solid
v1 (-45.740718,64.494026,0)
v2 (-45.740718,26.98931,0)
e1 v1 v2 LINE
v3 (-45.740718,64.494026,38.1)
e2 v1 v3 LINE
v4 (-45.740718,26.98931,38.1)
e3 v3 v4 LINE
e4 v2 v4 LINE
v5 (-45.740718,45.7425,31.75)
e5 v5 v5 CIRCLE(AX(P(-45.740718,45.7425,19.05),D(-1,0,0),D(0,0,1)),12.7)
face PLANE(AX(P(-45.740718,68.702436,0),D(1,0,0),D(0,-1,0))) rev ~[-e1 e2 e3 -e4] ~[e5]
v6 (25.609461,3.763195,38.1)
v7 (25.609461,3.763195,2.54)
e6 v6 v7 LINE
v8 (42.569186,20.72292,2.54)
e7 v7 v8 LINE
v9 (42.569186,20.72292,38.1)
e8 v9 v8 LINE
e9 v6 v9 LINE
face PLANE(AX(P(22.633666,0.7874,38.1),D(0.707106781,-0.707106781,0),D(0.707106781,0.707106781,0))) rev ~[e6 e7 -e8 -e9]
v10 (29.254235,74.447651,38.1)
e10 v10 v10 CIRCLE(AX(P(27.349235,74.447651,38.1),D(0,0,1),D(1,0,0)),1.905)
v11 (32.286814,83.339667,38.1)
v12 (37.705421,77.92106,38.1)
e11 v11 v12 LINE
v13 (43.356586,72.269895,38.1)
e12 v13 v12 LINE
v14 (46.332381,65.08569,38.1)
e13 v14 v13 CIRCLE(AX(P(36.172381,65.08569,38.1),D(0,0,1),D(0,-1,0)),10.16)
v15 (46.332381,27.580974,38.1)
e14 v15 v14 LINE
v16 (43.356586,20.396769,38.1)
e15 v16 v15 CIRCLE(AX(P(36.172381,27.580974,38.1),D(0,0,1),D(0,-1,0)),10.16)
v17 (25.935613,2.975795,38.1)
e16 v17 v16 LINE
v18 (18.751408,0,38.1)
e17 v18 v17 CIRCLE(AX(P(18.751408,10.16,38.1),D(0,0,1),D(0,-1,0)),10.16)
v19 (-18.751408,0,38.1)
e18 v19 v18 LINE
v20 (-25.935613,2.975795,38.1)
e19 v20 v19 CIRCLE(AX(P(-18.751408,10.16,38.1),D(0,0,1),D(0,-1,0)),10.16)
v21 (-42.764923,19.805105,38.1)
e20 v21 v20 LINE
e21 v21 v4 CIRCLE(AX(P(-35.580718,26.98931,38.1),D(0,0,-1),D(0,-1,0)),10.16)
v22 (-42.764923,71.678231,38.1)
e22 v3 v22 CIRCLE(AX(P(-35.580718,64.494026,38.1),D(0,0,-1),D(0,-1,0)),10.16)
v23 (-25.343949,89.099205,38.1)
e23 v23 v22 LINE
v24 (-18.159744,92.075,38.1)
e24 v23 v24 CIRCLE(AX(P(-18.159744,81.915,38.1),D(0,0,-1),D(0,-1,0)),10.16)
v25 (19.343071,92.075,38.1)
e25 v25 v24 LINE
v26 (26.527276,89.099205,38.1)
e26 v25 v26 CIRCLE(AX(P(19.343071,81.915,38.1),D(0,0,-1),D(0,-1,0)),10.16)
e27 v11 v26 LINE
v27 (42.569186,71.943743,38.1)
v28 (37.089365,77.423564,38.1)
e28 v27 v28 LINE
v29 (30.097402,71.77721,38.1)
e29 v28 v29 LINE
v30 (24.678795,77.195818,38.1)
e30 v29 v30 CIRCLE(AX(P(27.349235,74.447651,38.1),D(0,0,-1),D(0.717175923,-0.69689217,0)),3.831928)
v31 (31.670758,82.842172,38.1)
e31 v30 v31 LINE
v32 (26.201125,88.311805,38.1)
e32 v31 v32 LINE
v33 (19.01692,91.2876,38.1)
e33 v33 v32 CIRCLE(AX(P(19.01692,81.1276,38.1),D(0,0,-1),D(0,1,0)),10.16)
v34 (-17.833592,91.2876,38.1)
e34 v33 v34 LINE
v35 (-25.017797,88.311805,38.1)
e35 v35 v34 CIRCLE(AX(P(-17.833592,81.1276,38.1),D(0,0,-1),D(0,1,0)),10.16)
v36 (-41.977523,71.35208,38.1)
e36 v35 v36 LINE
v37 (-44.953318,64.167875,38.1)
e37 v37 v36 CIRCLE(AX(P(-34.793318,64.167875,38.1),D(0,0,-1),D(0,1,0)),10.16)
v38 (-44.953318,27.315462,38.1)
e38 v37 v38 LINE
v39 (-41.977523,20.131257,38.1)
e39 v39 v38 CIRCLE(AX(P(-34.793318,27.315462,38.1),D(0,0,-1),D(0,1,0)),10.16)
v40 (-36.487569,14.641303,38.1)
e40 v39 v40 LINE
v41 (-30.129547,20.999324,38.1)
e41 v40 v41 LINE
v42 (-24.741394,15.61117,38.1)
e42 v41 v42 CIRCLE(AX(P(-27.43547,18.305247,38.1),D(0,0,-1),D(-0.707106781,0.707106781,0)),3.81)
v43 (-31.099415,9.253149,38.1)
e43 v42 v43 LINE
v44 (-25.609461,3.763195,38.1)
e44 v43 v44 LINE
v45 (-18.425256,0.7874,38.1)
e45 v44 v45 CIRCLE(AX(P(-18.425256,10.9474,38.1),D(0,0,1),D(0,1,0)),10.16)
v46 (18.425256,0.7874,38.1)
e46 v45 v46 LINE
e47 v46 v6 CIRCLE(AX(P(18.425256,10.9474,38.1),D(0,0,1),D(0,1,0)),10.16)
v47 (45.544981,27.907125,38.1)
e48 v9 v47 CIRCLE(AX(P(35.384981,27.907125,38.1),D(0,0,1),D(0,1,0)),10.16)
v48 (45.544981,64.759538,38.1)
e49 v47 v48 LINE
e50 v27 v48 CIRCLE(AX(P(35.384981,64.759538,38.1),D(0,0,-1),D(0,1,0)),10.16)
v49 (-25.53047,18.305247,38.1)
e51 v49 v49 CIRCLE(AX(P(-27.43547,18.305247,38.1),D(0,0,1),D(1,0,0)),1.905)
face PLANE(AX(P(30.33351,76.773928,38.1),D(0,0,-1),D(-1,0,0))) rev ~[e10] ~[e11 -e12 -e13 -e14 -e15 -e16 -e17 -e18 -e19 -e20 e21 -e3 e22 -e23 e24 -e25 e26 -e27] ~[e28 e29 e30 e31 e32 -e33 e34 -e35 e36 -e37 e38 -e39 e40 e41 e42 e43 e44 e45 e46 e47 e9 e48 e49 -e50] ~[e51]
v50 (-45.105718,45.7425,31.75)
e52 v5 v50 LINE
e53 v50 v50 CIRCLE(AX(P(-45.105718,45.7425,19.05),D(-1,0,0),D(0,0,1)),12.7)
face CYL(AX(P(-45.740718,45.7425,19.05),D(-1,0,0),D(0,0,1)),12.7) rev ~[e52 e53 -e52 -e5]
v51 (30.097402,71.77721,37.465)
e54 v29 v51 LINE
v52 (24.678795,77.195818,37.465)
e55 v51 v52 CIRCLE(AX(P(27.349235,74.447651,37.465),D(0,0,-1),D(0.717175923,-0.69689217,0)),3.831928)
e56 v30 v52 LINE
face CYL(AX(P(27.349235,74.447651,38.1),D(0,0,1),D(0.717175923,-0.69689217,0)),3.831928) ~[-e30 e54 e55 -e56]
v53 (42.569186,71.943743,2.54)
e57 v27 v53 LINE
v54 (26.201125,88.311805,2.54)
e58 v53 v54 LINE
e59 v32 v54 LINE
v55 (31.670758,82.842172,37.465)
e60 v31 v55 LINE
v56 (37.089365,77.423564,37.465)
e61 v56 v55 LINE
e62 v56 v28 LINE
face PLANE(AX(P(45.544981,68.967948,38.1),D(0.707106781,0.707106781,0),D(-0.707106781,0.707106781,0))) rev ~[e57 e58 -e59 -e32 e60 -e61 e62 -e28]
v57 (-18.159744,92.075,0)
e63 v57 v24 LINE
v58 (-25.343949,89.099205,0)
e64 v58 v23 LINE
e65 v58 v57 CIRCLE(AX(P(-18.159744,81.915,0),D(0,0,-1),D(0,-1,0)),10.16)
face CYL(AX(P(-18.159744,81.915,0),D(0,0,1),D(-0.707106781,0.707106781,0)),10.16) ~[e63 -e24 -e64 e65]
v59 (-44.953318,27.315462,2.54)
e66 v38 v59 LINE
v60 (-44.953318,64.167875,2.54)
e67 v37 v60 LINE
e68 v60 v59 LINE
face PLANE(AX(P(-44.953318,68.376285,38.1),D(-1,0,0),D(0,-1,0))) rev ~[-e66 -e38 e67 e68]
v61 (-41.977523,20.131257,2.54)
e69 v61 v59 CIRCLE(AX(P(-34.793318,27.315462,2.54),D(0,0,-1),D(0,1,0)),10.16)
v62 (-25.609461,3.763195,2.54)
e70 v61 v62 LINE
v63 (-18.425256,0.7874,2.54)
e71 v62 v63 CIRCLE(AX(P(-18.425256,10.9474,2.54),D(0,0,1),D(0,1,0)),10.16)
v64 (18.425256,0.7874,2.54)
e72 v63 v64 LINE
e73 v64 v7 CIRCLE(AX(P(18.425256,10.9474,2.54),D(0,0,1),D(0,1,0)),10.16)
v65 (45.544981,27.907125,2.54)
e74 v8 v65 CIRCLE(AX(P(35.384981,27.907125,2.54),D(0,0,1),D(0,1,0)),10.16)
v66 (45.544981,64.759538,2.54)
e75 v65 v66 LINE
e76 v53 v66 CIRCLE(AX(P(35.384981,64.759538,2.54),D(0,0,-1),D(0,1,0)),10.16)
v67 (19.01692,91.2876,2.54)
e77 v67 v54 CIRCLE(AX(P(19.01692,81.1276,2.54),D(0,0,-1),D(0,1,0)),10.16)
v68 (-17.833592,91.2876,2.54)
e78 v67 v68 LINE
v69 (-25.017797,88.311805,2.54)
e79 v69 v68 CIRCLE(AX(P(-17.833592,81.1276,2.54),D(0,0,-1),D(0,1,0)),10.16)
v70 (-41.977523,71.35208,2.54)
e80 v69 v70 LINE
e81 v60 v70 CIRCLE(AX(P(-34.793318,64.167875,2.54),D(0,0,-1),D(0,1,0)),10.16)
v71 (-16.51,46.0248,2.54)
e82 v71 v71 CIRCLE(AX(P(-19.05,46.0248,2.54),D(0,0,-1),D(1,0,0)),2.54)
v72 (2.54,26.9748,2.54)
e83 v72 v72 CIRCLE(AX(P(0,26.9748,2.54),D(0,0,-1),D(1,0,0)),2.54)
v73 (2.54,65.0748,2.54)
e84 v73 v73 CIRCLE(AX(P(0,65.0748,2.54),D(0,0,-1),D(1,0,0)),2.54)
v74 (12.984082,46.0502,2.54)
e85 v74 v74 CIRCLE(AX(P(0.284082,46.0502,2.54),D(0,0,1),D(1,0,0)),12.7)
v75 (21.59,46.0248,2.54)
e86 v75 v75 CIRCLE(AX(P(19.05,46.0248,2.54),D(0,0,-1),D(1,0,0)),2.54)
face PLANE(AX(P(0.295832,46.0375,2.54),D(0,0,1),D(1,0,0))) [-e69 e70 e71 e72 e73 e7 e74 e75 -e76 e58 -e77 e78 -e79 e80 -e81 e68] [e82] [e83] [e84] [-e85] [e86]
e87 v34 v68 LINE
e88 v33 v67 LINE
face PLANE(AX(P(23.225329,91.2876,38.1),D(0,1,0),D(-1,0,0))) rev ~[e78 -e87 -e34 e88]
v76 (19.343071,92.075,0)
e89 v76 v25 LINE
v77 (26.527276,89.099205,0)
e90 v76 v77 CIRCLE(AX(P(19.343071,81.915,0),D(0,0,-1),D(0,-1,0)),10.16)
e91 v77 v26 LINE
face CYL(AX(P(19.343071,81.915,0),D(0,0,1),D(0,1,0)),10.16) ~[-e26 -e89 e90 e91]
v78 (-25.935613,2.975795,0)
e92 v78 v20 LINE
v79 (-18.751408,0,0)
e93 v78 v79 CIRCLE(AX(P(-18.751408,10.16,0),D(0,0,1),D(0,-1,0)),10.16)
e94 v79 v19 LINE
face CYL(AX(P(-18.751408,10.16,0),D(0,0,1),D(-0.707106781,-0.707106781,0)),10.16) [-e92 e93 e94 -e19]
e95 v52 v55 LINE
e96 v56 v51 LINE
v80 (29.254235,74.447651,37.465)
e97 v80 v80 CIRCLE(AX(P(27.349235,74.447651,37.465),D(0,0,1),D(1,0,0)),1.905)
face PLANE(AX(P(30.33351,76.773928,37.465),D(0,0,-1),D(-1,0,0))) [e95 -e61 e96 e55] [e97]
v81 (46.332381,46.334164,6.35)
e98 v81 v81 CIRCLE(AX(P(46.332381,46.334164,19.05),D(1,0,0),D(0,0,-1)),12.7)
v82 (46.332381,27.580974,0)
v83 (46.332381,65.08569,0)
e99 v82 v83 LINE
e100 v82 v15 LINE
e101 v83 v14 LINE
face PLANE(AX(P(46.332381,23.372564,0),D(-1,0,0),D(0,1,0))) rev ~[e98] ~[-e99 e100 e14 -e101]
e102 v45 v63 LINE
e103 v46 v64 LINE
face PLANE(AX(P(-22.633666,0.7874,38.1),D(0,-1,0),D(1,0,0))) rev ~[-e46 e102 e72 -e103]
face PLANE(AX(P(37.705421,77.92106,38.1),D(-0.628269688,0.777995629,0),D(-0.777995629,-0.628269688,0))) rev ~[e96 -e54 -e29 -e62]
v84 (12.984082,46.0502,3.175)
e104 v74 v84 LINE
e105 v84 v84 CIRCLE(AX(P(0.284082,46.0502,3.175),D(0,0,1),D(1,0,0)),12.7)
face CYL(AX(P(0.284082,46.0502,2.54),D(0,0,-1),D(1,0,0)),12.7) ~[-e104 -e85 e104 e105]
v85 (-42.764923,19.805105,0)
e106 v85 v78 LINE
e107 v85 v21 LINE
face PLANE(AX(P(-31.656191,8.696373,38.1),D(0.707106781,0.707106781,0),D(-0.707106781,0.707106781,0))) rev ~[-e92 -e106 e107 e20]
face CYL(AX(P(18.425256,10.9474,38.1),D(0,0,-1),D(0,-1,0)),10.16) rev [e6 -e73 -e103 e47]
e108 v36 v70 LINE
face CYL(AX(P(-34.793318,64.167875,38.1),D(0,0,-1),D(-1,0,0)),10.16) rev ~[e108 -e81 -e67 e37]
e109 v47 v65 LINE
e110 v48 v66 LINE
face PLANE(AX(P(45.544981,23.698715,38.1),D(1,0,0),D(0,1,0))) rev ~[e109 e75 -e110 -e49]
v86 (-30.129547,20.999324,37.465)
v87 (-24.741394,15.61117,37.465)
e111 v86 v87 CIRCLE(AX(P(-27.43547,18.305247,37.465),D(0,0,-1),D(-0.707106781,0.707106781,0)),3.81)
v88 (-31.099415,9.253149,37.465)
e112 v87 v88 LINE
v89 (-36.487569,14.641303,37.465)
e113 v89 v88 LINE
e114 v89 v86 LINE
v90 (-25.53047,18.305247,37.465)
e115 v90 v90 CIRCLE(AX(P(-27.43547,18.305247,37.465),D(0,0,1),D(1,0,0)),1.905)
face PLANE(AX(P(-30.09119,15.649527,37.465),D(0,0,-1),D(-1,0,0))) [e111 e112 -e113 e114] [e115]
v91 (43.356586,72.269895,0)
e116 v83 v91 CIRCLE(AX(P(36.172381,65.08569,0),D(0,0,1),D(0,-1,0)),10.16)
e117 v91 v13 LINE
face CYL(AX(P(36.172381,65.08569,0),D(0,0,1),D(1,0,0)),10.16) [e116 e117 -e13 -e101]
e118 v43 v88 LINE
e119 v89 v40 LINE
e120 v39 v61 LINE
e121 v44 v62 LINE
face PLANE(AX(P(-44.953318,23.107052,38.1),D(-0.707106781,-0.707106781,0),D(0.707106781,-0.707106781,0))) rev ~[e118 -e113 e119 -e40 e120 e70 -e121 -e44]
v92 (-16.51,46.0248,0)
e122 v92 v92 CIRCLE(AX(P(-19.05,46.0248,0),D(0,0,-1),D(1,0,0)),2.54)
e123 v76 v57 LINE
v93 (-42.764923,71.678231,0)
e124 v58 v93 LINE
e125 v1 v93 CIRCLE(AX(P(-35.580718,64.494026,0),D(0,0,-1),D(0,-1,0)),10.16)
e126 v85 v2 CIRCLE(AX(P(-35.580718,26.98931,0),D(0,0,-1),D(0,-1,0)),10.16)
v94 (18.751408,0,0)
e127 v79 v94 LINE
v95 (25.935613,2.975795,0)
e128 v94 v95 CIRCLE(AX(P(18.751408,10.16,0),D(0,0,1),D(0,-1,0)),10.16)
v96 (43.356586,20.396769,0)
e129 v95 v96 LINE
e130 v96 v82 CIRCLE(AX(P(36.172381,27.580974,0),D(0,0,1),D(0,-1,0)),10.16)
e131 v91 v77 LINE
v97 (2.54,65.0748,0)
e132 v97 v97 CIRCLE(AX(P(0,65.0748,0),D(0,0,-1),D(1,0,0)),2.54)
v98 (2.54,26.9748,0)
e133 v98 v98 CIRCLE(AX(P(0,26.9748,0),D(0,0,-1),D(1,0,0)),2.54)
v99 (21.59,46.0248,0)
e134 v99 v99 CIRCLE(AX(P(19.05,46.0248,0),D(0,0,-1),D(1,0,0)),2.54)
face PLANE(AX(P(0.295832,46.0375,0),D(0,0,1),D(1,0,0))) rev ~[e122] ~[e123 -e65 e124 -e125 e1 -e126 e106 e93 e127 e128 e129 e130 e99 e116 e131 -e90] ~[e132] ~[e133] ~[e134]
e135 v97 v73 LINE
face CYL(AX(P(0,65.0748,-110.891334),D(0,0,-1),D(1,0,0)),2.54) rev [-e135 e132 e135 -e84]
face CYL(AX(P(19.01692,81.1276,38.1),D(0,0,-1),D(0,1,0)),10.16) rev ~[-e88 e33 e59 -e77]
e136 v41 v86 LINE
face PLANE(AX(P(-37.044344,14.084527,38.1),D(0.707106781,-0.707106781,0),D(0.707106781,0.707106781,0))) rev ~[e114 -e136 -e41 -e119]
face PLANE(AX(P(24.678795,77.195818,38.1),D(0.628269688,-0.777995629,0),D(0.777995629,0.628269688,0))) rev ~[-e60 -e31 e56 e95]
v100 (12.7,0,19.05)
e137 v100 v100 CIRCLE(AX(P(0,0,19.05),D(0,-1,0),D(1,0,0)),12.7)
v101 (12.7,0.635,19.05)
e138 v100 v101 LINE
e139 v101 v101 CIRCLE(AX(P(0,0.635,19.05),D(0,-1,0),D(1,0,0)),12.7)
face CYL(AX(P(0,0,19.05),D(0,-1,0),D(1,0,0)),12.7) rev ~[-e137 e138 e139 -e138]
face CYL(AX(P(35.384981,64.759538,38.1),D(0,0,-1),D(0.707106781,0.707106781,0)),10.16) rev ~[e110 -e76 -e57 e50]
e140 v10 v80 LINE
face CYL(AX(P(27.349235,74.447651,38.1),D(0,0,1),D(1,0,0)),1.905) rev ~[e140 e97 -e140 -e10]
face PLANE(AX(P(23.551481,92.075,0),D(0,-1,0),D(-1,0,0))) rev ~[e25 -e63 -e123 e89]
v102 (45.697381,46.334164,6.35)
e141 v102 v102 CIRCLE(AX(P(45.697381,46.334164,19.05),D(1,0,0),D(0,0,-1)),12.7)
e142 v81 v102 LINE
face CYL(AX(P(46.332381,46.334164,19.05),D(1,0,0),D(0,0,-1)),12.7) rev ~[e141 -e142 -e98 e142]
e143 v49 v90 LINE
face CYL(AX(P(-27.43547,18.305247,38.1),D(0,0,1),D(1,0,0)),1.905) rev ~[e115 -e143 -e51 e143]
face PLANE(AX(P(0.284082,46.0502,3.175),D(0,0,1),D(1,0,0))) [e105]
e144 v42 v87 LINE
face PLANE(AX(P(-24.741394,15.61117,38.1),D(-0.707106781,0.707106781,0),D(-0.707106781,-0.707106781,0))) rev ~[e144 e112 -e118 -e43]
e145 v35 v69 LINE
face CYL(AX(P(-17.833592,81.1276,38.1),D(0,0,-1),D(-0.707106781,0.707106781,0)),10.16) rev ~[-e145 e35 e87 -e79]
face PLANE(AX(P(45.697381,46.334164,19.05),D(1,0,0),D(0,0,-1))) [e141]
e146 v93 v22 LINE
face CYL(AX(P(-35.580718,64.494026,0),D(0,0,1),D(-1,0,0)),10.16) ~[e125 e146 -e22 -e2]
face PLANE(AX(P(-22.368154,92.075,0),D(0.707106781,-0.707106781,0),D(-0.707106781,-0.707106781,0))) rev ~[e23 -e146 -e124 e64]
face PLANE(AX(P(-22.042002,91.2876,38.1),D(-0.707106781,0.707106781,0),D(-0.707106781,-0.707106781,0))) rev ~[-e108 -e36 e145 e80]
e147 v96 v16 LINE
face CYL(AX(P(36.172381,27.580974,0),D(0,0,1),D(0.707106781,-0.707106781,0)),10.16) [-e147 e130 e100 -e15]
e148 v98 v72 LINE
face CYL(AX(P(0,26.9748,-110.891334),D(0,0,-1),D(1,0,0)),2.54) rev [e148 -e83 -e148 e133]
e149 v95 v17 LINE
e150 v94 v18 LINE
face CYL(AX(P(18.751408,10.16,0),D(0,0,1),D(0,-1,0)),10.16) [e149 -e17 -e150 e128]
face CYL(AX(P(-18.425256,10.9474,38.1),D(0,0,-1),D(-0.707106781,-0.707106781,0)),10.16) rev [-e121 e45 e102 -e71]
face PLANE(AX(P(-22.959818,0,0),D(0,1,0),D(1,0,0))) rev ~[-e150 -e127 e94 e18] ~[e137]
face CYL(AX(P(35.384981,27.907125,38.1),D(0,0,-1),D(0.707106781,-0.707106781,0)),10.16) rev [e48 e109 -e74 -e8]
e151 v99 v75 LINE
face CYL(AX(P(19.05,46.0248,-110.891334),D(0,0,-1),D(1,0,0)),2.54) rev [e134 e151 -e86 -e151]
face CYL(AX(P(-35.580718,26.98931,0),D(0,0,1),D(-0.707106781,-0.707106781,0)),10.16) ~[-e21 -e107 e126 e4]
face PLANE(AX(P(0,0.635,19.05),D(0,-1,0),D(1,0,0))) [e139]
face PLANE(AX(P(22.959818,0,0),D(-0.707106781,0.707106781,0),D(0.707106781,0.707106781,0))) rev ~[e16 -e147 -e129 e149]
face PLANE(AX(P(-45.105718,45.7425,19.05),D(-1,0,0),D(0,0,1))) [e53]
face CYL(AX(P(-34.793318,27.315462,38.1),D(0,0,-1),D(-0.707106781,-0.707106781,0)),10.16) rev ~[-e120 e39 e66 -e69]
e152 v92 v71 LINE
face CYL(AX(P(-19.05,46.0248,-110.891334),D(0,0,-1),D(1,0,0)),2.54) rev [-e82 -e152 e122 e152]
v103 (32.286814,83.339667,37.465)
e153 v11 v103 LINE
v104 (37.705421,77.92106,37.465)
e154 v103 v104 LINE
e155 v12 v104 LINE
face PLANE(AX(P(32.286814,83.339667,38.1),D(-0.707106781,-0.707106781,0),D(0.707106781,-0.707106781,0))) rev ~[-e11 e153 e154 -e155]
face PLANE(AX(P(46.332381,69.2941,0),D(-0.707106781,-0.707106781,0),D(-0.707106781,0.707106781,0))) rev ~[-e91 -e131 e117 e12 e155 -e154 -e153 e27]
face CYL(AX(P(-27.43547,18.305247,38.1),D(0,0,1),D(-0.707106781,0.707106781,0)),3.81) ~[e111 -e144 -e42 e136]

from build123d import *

# Parameters (mm, degrees)
BOSS_EXTRUDE1_DEPTH     = 38.1
CUT_EXTRUDE1_DEPTH      = 35.56
CUT_EXTRUDE9_DEPTH      = 110.891333521
CUT_EXTRUDE9_DEPTH_BACK = 110.891333521
SKETCH20_R              = 2.54
BOSS_EXTRUDE2_DEPTH     = 0.635
SKETCH9_R               = 1.905
CUT_EXTRUDE4_DEPTH      = 3.175
BOSS_EXTRUDE3_DEPTH     = 0.635
SKETCH12_R              = 1.905
CUT_EXTRUDE5_DEPTH      = 0.635
SKETCH13_R              = 12.7
BOSS_EXTRUDE4_DEPTH     = 0.635
SKETCH14_R              = 12.7
CUT_EXTRUDE6_DEPTH      = 0.635
SKETCH15_R              = 12.7
CUT_EXTRUDE7_DEPTH      = 0.635
SKETCH16_R              = 12.7
CUT_EXTRUDE8_DEPTH      = 0.635
FILLET1_R               = 10.16
FILLET2_R               = 10.16


with BuildPart() as part:
    # Sketch3 → Boss-Extrude1 (new body)
    with BuildSketch(Plane.XY):
        Polygon((-22.959817584, 0), (22.959817584, 0), (46.332381312, 23.372563728), (46.332381312, 69.294099898), (23.55148121, 92.075), (-22.368153958, 92.075), (-45.740717686, 68.702436272), (-45.740717686, 22.780900102), align=None)
    extrude(amount=BOSS_EXTRUDE1_DEPTH)

    # Sketch4 → Cut-Extrude1 (cut)
    with BuildSketch(Plane.XY.offset(38.1)):
        Polygon((23.225329451, 91.2876), (-22.042002199, 91.2876), (-44.953317686, 68.376284513), (-44.953317686, 23.107051861), (-22.633665825, 0.7874), (22.633665825, 0.7874), (45.544981312, 23.698715487), (45.544981312, 68.967948139), align=None)
    extrude(amount=-CUT_EXTRUDE1_DEPTH, mode=Mode.SUBTRACT)

    # Sketch20 → Cut-Extrude9 (cut, two sides: drawn at the far end of the back side and taken through both)
    with BuildSketch(Plane.XY.offset(-CUT_EXTRUDE9_DEPTH_BACK)):
        with Locations((0, 65.0748)):
            Circle(SKETCH20_R)
        with Locations((19.05, 46.0248)):
            Circle(SKETCH20_R)
        with Locations((0, 26.9748)):
            Circle(SKETCH20_R)
        with Locations((-19.05, 46.0248)):
            Circle(SKETCH20_R)
    extrude(amount=CUT_EXTRUDE9_DEPTH + CUT_EXTRUDE9_DEPTH_BACK, mode=Mode.SUBTRACT)

    # Sketch8 → Boss-Extrude2 (add)
    with BuildSketch(Plane.XY.offset(38.1)):
        with BuildLine():
            Line((24.678794584, 77.195818088), (32.28681384, 83.33966737))
            Line((32.28681384, 83.33966737), (37.705421486, 77.921059725))
            Line((37.705421486, 77.921059725), (30.09740223, 71.777210443))
            ThreePointArc((30.09740223, 71.777210443), (24.639652924, 71.738068783), (24.678794584, 77.195818088))
        make_face()
    extrude(amount=-BOSS_EXTRUDE2_DEPTH)

    # Sketch9 → Cut-Extrude4 (cut)
    with BuildSketch(Plane.XY.offset(38.1)):
        with Locations((27.349235463, 74.447651321)):
            Circle(SKETCH9_R)
    extrude(amount=-CUT_EXTRUDE4_DEPTH, mode=Mode.SUBTRACT)

    # Sketch11 → Boss-Extrude3 (add)
    with BuildSketch(Plane.XY.offset(38.1)):
        with BuildLine():
            Line((-37.044344471, 14.084526887), (-30.129547258, 20.9993241))
            ThreePointArc((-30.129547258, 20.9993241), (-24.741393586, 20.9993241), (-24.741393586, 15.611170428))
            Line((-24.741393586, 15.611170428), (-31.656190799, 8.696373215))
            Line((-31.656190799, 8.696373215), (-37.044344471, 14.084526887))
        make_face()
    extrude(amount=-BOSS_EXTRUDE3_DEPTH)

    # Sketch12 → Cut-Extrude5 (cut)
    with BuildSketch(Plane.XY.offset(38.1)):
        with Locations((-27.435470422, 18.305247264)):
            Circle(SKETCH12_R)
    extrude(amount=-CUT_EXTRUDE5_DEPTH, mode=Mode.SUBTRACT)

    # Sketch13 → Boss-Extrude4 (add)
    with BuildSketch(Plane.XY.offset(2.54)):
        with Locations((0.284082314, 46.0502)):
            Circle(SKETCH13_R)
    extrude(amount=BOSS_EXTRUDE4_DEPTH)

    # Sketch14 → Cut-Extrude6 (cut)
    with BuildSketch(Plane(origin=(46.332381312, 0, 0), x_dir=(0, 0, -1), z_dir=(1, 0, 0))):
        with Locations((-19.05, 46.334163728)):
            Circle(SKETCH14_R)
    extrude(amount=-CUT_EXTRUDE6_DEPTH, mode=Mode.SUBTRACT)

    # Sketch15 → Cut-Extrude7 (cut)
    with BuildSketch(Plane.ZY.offset(45.740717686)):
        with Locations((19.05, 45.742500102)):
            Circle(SKETCH15_R)
    extrude(amount=-CUT_EXTRUDE7_DEPTH, mode=Mode.SUBTRACT)

    # Sketch16 → Cut-Extrude8 (cut)
    with BuildSketch(Plane.XZ):
        with Locations((0, 19.05)):
            Circle(SKETCH16_R)
    extrude(amount=-CUT_EXTRUDE8_DEPTH, mode=Mode.SUBTRACT)

    # Fillet1
    fillet1_edges = [part.edges().sort_by_distance(p)[0] for p in [
        (23.55148121, 92.075, 19.05),
        (46.332381312, 69.294099898, 19.05),
        (46.332381312, 23.372563728, 19.05),
        (22.959817584, 0, 19.05),
        (-22.959817584, 0, 19.05),
        (-45.740717686, 22.780900102, 19.05),
        (-45.740717686, 68.702436272, 19.05),
        (-22.368153958, 92.075, 19.05),
    ]]
    fillet(fillet1_edges, radius=FILLET1_R)

    # Fillet2
    fillet2_edges = [part.edges().sort_by_distance(p)[0] for p in [
        (23.225329451, 91.2876, 20.32),
        (45.544981312, 68.967948139, 20.32),
        (45.544981312, 23.698715487, 20.32),
        (22.633665825, 0.7874, 20.32),
        (-22.633665825, 0.7874, 20.32),
        (-44.953317686, 23.107051861, 20.32),
        (-44.953317686, 68.376284513, 20.32),
        (-22.042002199, 91.2876, 20.32),
    ]]
    fillet(fillet2_edges, radius=FILLET2_R)


solid = part.part
